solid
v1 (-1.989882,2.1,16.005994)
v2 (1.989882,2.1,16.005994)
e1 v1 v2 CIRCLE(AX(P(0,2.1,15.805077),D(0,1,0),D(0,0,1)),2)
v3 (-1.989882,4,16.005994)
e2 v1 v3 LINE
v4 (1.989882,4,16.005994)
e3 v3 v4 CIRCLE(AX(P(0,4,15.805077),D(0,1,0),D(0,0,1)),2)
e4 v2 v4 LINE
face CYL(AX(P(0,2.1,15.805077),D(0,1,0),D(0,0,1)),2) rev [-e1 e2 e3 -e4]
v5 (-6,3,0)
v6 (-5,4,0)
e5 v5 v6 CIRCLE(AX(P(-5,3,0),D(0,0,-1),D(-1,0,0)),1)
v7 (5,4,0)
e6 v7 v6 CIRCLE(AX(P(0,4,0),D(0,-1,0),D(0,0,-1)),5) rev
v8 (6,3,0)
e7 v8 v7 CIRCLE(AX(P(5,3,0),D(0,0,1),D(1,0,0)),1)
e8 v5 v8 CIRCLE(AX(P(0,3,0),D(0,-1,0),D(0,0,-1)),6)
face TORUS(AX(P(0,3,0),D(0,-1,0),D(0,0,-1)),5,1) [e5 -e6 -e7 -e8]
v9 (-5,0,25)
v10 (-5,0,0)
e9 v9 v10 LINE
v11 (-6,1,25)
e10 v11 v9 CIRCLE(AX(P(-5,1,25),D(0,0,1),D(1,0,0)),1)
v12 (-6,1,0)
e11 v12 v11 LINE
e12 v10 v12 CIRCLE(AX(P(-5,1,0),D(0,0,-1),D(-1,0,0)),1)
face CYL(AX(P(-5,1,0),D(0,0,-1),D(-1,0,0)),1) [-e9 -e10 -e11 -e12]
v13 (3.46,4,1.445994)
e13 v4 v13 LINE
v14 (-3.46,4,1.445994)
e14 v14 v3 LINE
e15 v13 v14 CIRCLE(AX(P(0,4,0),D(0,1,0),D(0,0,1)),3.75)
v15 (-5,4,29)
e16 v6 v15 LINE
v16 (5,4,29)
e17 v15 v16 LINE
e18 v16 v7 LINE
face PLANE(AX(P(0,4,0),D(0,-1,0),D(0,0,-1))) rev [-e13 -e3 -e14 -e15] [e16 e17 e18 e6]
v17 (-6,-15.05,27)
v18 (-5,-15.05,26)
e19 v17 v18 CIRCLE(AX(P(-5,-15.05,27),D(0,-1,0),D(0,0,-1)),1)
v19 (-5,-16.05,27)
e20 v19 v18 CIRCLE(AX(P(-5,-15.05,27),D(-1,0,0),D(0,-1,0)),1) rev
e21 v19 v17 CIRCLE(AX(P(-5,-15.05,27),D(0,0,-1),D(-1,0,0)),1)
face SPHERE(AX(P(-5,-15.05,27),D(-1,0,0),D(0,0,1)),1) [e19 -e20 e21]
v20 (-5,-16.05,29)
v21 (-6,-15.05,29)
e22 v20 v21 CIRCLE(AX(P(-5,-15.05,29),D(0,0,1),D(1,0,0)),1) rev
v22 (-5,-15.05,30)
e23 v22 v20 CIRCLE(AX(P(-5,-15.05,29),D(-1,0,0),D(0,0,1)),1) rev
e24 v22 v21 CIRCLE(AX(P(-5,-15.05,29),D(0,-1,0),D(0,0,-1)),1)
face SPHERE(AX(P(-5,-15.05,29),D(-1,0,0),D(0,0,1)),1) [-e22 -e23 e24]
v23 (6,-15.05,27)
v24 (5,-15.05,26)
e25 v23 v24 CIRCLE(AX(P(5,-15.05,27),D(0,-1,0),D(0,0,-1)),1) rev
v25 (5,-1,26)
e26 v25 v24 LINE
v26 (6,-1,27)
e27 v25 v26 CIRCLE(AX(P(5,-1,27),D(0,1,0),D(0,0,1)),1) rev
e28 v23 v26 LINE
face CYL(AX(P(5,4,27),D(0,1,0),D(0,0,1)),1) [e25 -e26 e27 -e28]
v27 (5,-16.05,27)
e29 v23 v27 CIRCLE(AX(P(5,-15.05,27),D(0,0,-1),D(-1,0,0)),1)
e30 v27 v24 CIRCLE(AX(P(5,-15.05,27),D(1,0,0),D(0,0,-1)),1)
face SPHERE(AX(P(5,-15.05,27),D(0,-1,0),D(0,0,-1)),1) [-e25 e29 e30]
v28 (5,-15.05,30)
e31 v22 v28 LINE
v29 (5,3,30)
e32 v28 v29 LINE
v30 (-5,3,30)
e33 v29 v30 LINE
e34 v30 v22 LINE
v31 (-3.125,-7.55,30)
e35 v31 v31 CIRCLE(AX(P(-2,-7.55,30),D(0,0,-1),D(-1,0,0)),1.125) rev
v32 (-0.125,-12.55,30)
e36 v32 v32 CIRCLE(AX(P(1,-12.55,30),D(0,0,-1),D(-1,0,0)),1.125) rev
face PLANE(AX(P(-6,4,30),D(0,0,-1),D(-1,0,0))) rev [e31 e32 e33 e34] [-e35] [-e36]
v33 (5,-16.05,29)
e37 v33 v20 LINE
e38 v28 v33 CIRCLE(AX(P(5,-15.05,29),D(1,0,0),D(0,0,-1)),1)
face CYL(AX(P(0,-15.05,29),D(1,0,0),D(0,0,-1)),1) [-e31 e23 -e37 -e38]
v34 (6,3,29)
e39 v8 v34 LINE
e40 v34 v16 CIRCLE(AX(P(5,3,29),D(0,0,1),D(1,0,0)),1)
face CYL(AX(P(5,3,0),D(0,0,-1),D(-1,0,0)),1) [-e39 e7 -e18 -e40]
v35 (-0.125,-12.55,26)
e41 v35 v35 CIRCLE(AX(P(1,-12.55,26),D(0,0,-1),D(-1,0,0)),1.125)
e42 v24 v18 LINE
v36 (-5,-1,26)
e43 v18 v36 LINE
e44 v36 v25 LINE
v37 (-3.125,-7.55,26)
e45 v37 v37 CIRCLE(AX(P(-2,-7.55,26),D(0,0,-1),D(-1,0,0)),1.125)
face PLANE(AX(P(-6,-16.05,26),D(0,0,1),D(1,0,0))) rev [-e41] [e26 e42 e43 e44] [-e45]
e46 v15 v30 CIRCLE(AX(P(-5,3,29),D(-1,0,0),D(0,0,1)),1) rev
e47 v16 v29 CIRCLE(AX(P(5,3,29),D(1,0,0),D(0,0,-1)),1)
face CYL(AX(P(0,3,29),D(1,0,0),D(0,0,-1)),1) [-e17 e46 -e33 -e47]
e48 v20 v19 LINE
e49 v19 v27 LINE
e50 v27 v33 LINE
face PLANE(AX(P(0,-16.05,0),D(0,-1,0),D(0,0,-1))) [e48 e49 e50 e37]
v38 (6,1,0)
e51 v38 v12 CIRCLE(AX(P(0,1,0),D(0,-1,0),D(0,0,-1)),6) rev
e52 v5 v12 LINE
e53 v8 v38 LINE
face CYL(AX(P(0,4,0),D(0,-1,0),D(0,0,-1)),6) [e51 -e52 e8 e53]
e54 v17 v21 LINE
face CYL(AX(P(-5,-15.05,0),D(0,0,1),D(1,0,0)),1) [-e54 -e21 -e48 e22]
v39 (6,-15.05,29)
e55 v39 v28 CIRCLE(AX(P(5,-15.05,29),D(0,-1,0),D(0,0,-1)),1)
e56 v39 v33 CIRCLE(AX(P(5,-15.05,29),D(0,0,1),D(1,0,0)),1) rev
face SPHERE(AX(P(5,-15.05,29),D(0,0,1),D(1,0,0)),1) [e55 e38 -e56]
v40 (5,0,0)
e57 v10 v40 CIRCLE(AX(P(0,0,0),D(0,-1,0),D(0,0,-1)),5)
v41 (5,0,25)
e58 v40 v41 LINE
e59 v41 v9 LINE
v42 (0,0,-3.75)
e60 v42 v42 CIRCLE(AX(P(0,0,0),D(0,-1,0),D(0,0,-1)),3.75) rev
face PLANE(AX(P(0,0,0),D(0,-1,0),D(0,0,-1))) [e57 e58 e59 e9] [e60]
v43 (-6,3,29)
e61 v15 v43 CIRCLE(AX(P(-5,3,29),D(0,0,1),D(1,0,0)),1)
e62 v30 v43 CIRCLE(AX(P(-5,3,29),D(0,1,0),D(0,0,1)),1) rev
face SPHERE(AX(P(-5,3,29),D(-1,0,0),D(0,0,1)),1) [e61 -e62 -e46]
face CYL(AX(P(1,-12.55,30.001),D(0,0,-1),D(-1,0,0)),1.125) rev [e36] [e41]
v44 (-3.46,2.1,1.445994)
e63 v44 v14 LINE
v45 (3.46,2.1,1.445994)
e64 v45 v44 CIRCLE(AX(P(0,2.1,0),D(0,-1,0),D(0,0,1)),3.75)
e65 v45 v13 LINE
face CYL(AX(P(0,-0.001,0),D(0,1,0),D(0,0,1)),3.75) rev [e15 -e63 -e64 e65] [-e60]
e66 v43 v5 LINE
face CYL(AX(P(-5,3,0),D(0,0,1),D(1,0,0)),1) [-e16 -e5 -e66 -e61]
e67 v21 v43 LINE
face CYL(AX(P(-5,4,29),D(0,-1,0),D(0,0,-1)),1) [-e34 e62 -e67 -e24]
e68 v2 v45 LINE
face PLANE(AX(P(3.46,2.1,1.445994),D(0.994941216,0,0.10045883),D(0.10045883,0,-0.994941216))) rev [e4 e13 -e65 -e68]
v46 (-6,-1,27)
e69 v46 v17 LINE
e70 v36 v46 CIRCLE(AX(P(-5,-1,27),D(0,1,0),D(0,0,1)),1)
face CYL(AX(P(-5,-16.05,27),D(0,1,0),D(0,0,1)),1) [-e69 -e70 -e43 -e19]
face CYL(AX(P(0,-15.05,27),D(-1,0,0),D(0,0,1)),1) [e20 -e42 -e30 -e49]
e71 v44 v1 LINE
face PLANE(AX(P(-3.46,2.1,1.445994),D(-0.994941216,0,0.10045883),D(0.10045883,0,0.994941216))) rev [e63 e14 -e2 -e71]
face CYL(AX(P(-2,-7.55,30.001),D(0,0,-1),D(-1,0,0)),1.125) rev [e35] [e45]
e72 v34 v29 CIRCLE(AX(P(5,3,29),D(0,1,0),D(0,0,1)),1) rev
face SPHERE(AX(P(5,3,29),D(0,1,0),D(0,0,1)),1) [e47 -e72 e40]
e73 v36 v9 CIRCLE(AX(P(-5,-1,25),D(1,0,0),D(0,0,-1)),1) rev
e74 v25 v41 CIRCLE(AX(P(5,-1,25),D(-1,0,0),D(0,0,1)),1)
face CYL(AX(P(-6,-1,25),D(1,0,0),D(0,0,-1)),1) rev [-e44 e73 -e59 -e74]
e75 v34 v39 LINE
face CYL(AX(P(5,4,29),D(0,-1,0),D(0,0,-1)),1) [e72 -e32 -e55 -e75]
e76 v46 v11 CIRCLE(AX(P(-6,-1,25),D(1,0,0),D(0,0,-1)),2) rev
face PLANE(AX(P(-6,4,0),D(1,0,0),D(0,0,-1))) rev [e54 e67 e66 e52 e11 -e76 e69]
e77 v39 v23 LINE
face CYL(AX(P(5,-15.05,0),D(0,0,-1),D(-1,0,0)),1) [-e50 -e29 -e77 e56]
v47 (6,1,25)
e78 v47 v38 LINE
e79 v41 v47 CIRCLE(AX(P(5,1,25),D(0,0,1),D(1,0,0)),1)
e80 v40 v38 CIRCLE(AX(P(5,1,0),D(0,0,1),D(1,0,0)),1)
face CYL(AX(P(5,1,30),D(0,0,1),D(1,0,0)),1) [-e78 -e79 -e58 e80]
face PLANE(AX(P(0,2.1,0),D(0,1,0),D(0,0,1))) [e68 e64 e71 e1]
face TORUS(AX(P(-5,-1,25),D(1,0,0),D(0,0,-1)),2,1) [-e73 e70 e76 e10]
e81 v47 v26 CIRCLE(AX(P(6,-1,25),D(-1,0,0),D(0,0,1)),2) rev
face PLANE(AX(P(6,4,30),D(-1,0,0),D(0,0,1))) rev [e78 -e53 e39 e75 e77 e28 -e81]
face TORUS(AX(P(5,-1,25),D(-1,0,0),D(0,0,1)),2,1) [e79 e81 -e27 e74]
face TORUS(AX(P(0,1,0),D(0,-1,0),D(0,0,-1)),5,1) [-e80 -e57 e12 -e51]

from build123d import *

# Parameters (mm, degrees)
PITCH_ARM_BASE_DEPTH          = 4
PITCH_ARM_MOUNTING_HOLE_REACH = 32.854
SKETCH2_R                     = 3.75
PITCH_ARM_SLOT_DEPTH          = 1.9
SKETCH5_W                     = 12
SKETCH5_H                     = 4
MOUNTING_BRACKET_DEPTH        = 16.05
BRACKET_MOUNTING_HOLES_REACH  = 38.299
SKETCH8_R                     = 1.125
F_1MM_FILLETS_R               = 1


with BuildPart() as part:
    # Sketch1 → Pitch Arm Base (new body)
    with BuildSketch(Plane(origin=(0, 0, 0), x_dir=(1, 0, 0), z_dir=(0, 1, 0))):
        with BuildLine():
            Line((-6, 0), (-6, -30))
            Line((-6, -30), (6, -30))
            Line((6, -30), (6, 0))
            ThreePointArc((6, 0), (0, 6), (-6, 0))
        make_face()
    extrude(amount=PITCH_ARM_BASE_DEPTH)

    # Sketch2 → Pitch Arm Mounting Hole (cut, up to next)
    with BuildSketch(Plane(origin=(0, 4, 0), x_dir=(1, 0, 0), z_dir=(0, 1, 0)), mode=Mode.PRIVATE) as pitch_arm_mounting_hole_sk1:
        with Locations(Location((0, 0, 0), (0, 0, 270))):
            Circle(SKETCH2_R)
    pitch_arm_mounting_hole_tool1 = extrude(pitch_arm_mounting_hole_sk1.sketch, amount=-PITCH_ARM_MOUNTING_HOLE_REACH, mode=Mode.PRIVATE) & part.part
    add(pitch_arm_mounting_hole_tool1.solids().sort_by_distance((0, 4, 0))[0], mode=Mode.SUBTRACT)

    # Sketch4 → Pitch Arm Slot (cut)
    with BuildSketch(Plane(origin=(0, 4, 0), x_dir=(1, 0, 0), z_dir=(0, 1, 0))):
        with BuildLine():
            Line((-3.46, -1.445994467), (-1.989882432, -16.005994467))
            ThreePointArc((-1.989882432, -16.005994467), (0, -17.805076808), (1.989882432, -16.005994467))
            Line((1.989882432, -16.005994467), (3.46, -1.445994467))
            ThreePointArc((3.46, -1.445994467), (0, -3.75), (-3.46, -1.445994467))
        make_face()
    extrude(amount=-PITCH_ARM_SLOT_DEPTH, mode=Mode.SUBTRACT)

    # Sketch5 → Mounting Bracket (add)
    with BuildSketch(Plane.XZ):
        with Locations((0, 28)):
            Rectangle(SKETCH5_W, SKETCH5_H)
    extrude(amount=MOUNTING_BRACKET_DEPTH)

    # Sketch8 → Bracket Mounting Holes (cut, up to next)
    with BuildSketch(Plane(origin=(0, 0, 26), x_dir=(-1, 0, 0), z_dir=(0, 0, -1)), mode=Mode.PRIVATE) as bracket_mounting_holes_sk1:
        with Locations((-1, -12.55)):
            Circle(SKETCH8_R)
    bracket_mounting_holes_tool1 = extrude(bracket_mounting_holes_sk1.sketch, amount=-BRACKET_MOUNTING_HOLES_REACH, mode=Mode.PRIVATE) & part.part
    # Sketch8 → Bracket Mounting Holes (cut, up to next)
    with BuildSketch(Plane(origin=(0, 0, 26), x_dir=(-1, 0, 0), z_dir=(0, 0, -1)), mode=Mode.PRIVATE) as bracket_mounting_holes_sk2:
        with Locations((2, -7.55)):
            Circle(SKETCH8_R)
    bracket_mounting_holes_tool2 = extrude(bracket_mounting_holes_sk2.sketch, amount=-BRACKET_MOUNTING_HOLES_REACH, mode=Mode.PRIVATE) & part.part
    add(bracket_mounting_holes_tool1.solids().sort_by_distance((1, -12.55, 26))[0], mode=Mode.SUBTRACT)
    add(bracket_mounting_holes_tool2.solids().sort_by_distance((-2, -7.55, 26))[0], mode=Mode.SUBTRACT)

    # 1mm Fillets
    f_1mm_fillets_edges = [part.edges().sort_by_distance(p)[0] for p in [
        (0, 4, 30),
        (6, 4, 15),
        (6, 0, 13),
        (0, 0, 26),
        (-6, -8.025, 26),
        (6, -8.025, 26),
        (-6, -16.05, 28),
        (0, -16.05, 26),
        (6, -16.05, 28),
        (0, -16.05, 30),
        (0, 4, -6),
        (-6, 0, 13),
        (0, 0, -6),
        (6, -6.025, 30),
        (-6, -6.025, 30),
        (-6, 4, 15),
    ]]
    fillet(f_1mm_fillets_edges, radius=F_1MM_FILLETS_R)


solid = part.part
